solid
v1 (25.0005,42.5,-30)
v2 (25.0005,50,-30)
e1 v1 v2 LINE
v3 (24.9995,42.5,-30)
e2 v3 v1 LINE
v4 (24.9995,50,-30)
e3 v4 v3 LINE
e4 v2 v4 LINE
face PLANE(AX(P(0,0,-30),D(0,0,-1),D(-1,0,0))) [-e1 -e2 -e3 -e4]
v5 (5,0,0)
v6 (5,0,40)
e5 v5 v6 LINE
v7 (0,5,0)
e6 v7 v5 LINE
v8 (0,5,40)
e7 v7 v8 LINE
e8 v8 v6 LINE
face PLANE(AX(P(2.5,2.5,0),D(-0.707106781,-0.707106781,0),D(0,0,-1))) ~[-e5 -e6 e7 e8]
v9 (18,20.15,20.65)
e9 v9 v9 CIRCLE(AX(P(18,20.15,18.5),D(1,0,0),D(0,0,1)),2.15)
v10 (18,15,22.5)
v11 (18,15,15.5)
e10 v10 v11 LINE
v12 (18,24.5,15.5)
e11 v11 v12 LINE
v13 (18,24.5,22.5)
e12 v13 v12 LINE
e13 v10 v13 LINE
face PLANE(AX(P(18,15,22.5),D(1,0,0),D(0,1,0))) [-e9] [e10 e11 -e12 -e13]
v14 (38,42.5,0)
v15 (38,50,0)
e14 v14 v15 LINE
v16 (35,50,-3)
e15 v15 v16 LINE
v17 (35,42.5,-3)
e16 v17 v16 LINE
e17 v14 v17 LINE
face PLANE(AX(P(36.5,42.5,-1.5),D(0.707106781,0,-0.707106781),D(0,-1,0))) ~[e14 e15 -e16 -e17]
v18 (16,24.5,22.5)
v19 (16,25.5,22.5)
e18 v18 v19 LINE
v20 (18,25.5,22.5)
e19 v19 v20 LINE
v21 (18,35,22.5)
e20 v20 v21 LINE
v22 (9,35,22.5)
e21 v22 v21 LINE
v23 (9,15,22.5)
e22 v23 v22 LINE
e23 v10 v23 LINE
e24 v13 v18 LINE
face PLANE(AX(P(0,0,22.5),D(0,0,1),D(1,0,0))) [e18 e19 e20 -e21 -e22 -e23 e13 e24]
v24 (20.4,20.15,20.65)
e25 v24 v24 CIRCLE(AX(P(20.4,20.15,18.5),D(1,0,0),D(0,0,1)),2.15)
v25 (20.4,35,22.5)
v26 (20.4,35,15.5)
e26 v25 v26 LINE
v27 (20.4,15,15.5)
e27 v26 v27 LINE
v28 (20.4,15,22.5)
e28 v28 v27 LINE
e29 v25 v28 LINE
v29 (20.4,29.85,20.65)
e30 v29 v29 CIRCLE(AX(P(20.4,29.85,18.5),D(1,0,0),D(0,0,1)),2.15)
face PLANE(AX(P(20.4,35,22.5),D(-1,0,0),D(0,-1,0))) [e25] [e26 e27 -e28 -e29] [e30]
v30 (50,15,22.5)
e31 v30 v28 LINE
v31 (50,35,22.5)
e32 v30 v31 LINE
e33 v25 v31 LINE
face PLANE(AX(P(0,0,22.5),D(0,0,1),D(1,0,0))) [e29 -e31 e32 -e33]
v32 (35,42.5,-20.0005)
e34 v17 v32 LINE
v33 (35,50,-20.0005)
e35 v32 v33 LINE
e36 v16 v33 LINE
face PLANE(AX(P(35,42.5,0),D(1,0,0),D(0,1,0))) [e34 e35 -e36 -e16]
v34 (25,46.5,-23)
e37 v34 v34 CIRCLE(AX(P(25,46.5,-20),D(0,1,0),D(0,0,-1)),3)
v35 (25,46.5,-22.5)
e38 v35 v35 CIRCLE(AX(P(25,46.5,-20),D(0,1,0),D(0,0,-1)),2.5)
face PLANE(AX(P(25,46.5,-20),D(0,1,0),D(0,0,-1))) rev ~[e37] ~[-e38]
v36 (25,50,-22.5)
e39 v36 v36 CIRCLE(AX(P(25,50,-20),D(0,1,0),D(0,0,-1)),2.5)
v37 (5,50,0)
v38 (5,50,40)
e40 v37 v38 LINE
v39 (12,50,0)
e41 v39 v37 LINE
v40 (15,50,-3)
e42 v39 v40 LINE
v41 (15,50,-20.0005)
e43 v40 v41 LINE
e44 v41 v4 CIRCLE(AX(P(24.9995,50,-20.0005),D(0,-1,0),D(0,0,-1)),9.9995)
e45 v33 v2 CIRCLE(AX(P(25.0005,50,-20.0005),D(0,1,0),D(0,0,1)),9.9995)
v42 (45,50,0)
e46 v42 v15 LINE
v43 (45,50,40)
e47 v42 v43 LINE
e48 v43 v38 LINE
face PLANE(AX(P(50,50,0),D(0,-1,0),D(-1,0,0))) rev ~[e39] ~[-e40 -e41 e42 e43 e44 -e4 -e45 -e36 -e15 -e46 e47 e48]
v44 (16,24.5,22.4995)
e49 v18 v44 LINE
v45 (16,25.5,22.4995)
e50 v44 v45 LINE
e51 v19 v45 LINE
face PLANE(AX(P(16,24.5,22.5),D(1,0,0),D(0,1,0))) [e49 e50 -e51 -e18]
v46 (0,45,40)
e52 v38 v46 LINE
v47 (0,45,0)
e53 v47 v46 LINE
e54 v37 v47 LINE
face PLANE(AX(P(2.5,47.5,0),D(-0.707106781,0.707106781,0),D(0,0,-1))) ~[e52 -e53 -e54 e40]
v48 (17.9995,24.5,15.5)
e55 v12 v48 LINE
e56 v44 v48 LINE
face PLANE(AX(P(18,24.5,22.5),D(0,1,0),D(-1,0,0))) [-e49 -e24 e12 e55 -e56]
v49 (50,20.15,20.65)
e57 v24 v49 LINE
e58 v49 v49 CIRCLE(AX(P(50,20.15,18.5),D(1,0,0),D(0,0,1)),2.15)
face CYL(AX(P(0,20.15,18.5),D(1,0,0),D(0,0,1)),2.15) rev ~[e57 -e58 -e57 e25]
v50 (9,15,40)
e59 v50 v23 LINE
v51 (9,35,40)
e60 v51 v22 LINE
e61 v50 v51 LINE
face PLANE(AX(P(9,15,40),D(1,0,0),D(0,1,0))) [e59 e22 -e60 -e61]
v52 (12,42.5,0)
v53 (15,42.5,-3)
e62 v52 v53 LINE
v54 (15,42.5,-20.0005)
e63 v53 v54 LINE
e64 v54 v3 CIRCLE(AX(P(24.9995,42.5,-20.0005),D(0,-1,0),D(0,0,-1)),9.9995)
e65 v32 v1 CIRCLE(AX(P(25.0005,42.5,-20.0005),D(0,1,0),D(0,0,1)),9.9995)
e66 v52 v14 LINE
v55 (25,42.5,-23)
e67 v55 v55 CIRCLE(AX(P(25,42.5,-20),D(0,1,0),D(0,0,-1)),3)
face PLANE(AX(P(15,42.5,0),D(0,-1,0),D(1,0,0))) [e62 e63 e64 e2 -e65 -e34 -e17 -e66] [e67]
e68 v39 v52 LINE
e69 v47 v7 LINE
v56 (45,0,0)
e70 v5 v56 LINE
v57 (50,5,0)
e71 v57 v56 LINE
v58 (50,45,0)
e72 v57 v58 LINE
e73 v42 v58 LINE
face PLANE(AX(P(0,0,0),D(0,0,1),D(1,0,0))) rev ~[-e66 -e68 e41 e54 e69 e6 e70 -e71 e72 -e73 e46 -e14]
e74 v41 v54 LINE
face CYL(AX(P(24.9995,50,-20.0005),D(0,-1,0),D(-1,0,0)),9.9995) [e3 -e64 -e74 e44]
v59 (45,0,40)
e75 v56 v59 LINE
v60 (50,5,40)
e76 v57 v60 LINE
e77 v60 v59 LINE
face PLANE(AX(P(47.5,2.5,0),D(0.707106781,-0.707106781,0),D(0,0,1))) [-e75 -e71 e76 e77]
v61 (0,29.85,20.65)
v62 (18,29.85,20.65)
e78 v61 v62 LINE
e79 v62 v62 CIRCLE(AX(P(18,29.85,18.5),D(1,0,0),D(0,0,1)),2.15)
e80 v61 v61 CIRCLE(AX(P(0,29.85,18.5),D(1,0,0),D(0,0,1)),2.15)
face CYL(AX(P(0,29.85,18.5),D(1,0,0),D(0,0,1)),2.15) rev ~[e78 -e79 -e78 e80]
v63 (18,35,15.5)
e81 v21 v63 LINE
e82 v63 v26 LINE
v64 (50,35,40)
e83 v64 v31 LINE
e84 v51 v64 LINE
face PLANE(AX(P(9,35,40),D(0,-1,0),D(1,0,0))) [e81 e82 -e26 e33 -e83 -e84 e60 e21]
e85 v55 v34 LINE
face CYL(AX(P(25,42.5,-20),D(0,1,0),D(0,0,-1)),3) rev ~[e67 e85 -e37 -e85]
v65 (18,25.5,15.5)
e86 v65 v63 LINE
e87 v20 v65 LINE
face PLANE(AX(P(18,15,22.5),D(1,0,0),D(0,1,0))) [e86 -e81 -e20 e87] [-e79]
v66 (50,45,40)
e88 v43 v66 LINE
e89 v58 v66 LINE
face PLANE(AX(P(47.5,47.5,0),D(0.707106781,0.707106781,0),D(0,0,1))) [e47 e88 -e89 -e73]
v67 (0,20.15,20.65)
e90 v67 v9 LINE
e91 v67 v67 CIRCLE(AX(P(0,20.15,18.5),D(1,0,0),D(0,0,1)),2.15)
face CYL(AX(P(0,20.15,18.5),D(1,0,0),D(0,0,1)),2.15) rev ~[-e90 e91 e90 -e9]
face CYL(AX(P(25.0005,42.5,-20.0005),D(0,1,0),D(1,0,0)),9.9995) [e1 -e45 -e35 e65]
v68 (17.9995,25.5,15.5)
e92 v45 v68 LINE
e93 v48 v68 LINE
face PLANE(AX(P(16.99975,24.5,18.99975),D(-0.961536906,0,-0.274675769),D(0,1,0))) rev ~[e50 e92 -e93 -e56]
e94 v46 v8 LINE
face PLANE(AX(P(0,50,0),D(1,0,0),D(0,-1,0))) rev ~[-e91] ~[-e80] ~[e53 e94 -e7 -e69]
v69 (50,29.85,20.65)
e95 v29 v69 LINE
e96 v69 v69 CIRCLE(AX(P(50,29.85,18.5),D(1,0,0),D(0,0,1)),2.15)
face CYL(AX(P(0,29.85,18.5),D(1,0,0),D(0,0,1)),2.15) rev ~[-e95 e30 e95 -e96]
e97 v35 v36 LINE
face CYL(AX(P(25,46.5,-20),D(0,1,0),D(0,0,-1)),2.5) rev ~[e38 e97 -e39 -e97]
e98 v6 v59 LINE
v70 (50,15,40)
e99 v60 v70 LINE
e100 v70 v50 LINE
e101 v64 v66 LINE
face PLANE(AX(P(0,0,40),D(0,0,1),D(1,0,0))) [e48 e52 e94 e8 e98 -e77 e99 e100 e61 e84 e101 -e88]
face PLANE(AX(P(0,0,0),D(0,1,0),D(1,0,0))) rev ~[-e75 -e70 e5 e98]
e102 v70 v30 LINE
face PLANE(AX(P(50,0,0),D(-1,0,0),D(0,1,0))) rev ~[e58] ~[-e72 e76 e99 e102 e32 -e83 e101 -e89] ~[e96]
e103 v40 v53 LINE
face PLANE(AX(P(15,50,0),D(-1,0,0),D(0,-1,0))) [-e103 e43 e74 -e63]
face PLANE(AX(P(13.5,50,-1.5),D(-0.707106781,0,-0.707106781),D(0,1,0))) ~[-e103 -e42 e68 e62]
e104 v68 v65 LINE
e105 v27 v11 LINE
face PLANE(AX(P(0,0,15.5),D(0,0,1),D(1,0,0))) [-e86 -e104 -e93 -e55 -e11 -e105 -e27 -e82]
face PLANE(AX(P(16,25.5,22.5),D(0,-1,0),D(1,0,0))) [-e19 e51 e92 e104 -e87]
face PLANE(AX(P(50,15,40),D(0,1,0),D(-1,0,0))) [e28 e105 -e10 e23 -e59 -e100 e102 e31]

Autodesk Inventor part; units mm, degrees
ref_plane "YZ Plane" through (0, 0, 0) normal (1, 0, 0) x (0, 1, 0)
ref_plane "XZ Plane" through (0, 0, 0) normal (0, 1, 0) x (-1, 0, 0)
ref_plane "XY Plane" through (0, 0, 0) normal (0, 0, 1) x (1, 0, 0)
sketch "Sketch1" plane through (0, 0, 0) normal (0, 0, 1) x (1, 0, 0)
  line L0 (0, 0) -> (50, 0)
  line L1 (50, 0) -> (50, 50)
  line L2 (50, 50) -> (0, 50)
  line L3 (0, 50) -> (0, 0)
  dimension "d0" = 50
  dimension "d1" = 50
extrude "Extrusion1" add sketch "Sketch1" along normal blind 40
sketch "Sketch2" plane through (0, 0, 40) normal (0, 0, 1) x (1, 0, 0)
  line L0 (50, 0) -> (50, 50) projected
  line L1 (50, 15) -> (9, 15)
  line L2 (9, 15) -> (9, 35)
  line L3 (9, 35) -> (50, 35)
  line L4 (50, 35) -> (50, 15)
  line L5 (0, 0) -> (50, 0) projected
  point P0 (50, 35)
  dimension "d4" = 41
  dimension "d5" = 20
  dimension "d6" = 15
extrude "Extrusion2" cut sketch "Sketch2" against normal blind 17.5
sketch "Sketch3" plane through (0, 0, 0) normal (-1, 0, 0) x (0, 0, 1)
  line L0 (40, 50) -> (40, 0) projected
  line L1 (40, 35) -> (18.5, 35) construction
  line L2 (40, 35) -> (61.5, 35) construction
  line L3 (18.5, 35) -> (18.5, 15) construction
  line L4 (18.5, 15) -> (40, 15) construction
  line L5 (0, 50) -> (40, 50) projected
  line L6 (40, 29.85) -> (18.5, 29.85) construction
  line L7 (40, 20.15) -> (18.5, 20.15) construction
  point P0 (0, 0)
  dimension "d9" = 21.5
  dimension "d10" = 180
  dimension "d11" = 20
  dimension "d12" = 15
  dimension "d13" = 5.15
  dimension "d14" = 5.15
hole "Hole1" at (0, 29.85, 18.5) at (0, 20.15, 18.5) direction (1, 0, 0) diameter 4.3 end through all
sketch "Sketch4" plane through (0, 0, 22.5) normal (0, 0, 1) x (1, 0, 0)
  line L0 (9, 35) -> (50, 35) projected
  line L1 (50, 15) -> (9, 15) projected
  line L2 (18, 35) -> (20.4, 35)
  line L3 (20.4, 35) -> (20.4, 15)
  line L4 (20.4, 15) -> (18, 15)
  line L5 (18, 15) -> (18, 35)
  line L6 (9, 15) -> (9, 35) projected
  point P0 (0, 0)
  point P1 (18, 15)
  dimension "d22" = 9
  dimension "d23" = 2.4
extrude "Extrusion3" cut sketch "Sketch4" against normal blind 7 contours L0 L3 L1 L5
sketch "Sketch5" plane through (0, 0, 0) normal (0, 0, -1) x (-1, 0, 0)
  line L0 (-50, 50) -> (0, 50) projected
  line L1 (-35, 50) -> (-15, 50)
  line L2 (-15, 50) -> (-15, 42.5)
  line L3 (-15, 42.5) -> (-35, 42.5)
  line L4 (-35, 42.5) -> (-35, 50)
  line L5 (-50, 0) -> (-50, 50) projected
  point P0 (0, 0)
  dimension "d26" = 20
  dimension "d27" = 7.5
  dimension "d28" = 15
extrude "Extrusion4" add sketch "Sketch5" along normal blind 30
fillet "Fillet1" radius 10 2 edges at (35, 46.25, -30) (15, 46.25, -30)
chamfer "Chamfer1" distance 5 angle 45 4 edges at (0, 50, 20) (50, 50, 20) (0, 0, 20) (50, 0, 20)
chamfer "Chamfer2" distance 3 angle 45 2 edges at (15, 46.25, 0) (35, 46.25, 0)
sketch "Sketch7" plane through (0, 0, 22.5) normal (0, 0, 1) x (1, 0, 0)
  line L0 (18, 15) -> (18, 35) projected
  line L1 (18, 24.5) -> (16, 24.5)
  line L2 (16, 24.5) -> (16, 25.5)
  line L3 (16, 25.5) -> (18, 25.5)
  line L4 (18, 25.5) -> (18, 24.5)
  line L5 (9, 35) -> (50, 35) projected
  point P0 (0, 0)
  dimension "d45" = 2
  dimension "d46" = 1
  dimension "d47" = 9.5
extrude "Extrusion5" cut sketch "Sketch7" against normal blind 7
chamfer "Chamfer3" distance 7 distance2 2 1 edges at (16, 25, 15.5) measured on face at (16, 25.1667, 20.1667)
sketch "Sketch8" plane through (25, 42.5, -20) normal (0, -1, 0) x (1, 0, 0)
  line L0 (-13, 20) -> (13, 20) projected
  line L1 (0, 20) -> (0, 0) construction
  point P0 (-25, 20)
  dimension "d53" = 20
hole "Hole3" at (25, 42.5, -20) direction (0, 1, 0) diameter 5 end through all counterbore diameter 6 counterbore depth 4
properties part number "ES117_MP1"
